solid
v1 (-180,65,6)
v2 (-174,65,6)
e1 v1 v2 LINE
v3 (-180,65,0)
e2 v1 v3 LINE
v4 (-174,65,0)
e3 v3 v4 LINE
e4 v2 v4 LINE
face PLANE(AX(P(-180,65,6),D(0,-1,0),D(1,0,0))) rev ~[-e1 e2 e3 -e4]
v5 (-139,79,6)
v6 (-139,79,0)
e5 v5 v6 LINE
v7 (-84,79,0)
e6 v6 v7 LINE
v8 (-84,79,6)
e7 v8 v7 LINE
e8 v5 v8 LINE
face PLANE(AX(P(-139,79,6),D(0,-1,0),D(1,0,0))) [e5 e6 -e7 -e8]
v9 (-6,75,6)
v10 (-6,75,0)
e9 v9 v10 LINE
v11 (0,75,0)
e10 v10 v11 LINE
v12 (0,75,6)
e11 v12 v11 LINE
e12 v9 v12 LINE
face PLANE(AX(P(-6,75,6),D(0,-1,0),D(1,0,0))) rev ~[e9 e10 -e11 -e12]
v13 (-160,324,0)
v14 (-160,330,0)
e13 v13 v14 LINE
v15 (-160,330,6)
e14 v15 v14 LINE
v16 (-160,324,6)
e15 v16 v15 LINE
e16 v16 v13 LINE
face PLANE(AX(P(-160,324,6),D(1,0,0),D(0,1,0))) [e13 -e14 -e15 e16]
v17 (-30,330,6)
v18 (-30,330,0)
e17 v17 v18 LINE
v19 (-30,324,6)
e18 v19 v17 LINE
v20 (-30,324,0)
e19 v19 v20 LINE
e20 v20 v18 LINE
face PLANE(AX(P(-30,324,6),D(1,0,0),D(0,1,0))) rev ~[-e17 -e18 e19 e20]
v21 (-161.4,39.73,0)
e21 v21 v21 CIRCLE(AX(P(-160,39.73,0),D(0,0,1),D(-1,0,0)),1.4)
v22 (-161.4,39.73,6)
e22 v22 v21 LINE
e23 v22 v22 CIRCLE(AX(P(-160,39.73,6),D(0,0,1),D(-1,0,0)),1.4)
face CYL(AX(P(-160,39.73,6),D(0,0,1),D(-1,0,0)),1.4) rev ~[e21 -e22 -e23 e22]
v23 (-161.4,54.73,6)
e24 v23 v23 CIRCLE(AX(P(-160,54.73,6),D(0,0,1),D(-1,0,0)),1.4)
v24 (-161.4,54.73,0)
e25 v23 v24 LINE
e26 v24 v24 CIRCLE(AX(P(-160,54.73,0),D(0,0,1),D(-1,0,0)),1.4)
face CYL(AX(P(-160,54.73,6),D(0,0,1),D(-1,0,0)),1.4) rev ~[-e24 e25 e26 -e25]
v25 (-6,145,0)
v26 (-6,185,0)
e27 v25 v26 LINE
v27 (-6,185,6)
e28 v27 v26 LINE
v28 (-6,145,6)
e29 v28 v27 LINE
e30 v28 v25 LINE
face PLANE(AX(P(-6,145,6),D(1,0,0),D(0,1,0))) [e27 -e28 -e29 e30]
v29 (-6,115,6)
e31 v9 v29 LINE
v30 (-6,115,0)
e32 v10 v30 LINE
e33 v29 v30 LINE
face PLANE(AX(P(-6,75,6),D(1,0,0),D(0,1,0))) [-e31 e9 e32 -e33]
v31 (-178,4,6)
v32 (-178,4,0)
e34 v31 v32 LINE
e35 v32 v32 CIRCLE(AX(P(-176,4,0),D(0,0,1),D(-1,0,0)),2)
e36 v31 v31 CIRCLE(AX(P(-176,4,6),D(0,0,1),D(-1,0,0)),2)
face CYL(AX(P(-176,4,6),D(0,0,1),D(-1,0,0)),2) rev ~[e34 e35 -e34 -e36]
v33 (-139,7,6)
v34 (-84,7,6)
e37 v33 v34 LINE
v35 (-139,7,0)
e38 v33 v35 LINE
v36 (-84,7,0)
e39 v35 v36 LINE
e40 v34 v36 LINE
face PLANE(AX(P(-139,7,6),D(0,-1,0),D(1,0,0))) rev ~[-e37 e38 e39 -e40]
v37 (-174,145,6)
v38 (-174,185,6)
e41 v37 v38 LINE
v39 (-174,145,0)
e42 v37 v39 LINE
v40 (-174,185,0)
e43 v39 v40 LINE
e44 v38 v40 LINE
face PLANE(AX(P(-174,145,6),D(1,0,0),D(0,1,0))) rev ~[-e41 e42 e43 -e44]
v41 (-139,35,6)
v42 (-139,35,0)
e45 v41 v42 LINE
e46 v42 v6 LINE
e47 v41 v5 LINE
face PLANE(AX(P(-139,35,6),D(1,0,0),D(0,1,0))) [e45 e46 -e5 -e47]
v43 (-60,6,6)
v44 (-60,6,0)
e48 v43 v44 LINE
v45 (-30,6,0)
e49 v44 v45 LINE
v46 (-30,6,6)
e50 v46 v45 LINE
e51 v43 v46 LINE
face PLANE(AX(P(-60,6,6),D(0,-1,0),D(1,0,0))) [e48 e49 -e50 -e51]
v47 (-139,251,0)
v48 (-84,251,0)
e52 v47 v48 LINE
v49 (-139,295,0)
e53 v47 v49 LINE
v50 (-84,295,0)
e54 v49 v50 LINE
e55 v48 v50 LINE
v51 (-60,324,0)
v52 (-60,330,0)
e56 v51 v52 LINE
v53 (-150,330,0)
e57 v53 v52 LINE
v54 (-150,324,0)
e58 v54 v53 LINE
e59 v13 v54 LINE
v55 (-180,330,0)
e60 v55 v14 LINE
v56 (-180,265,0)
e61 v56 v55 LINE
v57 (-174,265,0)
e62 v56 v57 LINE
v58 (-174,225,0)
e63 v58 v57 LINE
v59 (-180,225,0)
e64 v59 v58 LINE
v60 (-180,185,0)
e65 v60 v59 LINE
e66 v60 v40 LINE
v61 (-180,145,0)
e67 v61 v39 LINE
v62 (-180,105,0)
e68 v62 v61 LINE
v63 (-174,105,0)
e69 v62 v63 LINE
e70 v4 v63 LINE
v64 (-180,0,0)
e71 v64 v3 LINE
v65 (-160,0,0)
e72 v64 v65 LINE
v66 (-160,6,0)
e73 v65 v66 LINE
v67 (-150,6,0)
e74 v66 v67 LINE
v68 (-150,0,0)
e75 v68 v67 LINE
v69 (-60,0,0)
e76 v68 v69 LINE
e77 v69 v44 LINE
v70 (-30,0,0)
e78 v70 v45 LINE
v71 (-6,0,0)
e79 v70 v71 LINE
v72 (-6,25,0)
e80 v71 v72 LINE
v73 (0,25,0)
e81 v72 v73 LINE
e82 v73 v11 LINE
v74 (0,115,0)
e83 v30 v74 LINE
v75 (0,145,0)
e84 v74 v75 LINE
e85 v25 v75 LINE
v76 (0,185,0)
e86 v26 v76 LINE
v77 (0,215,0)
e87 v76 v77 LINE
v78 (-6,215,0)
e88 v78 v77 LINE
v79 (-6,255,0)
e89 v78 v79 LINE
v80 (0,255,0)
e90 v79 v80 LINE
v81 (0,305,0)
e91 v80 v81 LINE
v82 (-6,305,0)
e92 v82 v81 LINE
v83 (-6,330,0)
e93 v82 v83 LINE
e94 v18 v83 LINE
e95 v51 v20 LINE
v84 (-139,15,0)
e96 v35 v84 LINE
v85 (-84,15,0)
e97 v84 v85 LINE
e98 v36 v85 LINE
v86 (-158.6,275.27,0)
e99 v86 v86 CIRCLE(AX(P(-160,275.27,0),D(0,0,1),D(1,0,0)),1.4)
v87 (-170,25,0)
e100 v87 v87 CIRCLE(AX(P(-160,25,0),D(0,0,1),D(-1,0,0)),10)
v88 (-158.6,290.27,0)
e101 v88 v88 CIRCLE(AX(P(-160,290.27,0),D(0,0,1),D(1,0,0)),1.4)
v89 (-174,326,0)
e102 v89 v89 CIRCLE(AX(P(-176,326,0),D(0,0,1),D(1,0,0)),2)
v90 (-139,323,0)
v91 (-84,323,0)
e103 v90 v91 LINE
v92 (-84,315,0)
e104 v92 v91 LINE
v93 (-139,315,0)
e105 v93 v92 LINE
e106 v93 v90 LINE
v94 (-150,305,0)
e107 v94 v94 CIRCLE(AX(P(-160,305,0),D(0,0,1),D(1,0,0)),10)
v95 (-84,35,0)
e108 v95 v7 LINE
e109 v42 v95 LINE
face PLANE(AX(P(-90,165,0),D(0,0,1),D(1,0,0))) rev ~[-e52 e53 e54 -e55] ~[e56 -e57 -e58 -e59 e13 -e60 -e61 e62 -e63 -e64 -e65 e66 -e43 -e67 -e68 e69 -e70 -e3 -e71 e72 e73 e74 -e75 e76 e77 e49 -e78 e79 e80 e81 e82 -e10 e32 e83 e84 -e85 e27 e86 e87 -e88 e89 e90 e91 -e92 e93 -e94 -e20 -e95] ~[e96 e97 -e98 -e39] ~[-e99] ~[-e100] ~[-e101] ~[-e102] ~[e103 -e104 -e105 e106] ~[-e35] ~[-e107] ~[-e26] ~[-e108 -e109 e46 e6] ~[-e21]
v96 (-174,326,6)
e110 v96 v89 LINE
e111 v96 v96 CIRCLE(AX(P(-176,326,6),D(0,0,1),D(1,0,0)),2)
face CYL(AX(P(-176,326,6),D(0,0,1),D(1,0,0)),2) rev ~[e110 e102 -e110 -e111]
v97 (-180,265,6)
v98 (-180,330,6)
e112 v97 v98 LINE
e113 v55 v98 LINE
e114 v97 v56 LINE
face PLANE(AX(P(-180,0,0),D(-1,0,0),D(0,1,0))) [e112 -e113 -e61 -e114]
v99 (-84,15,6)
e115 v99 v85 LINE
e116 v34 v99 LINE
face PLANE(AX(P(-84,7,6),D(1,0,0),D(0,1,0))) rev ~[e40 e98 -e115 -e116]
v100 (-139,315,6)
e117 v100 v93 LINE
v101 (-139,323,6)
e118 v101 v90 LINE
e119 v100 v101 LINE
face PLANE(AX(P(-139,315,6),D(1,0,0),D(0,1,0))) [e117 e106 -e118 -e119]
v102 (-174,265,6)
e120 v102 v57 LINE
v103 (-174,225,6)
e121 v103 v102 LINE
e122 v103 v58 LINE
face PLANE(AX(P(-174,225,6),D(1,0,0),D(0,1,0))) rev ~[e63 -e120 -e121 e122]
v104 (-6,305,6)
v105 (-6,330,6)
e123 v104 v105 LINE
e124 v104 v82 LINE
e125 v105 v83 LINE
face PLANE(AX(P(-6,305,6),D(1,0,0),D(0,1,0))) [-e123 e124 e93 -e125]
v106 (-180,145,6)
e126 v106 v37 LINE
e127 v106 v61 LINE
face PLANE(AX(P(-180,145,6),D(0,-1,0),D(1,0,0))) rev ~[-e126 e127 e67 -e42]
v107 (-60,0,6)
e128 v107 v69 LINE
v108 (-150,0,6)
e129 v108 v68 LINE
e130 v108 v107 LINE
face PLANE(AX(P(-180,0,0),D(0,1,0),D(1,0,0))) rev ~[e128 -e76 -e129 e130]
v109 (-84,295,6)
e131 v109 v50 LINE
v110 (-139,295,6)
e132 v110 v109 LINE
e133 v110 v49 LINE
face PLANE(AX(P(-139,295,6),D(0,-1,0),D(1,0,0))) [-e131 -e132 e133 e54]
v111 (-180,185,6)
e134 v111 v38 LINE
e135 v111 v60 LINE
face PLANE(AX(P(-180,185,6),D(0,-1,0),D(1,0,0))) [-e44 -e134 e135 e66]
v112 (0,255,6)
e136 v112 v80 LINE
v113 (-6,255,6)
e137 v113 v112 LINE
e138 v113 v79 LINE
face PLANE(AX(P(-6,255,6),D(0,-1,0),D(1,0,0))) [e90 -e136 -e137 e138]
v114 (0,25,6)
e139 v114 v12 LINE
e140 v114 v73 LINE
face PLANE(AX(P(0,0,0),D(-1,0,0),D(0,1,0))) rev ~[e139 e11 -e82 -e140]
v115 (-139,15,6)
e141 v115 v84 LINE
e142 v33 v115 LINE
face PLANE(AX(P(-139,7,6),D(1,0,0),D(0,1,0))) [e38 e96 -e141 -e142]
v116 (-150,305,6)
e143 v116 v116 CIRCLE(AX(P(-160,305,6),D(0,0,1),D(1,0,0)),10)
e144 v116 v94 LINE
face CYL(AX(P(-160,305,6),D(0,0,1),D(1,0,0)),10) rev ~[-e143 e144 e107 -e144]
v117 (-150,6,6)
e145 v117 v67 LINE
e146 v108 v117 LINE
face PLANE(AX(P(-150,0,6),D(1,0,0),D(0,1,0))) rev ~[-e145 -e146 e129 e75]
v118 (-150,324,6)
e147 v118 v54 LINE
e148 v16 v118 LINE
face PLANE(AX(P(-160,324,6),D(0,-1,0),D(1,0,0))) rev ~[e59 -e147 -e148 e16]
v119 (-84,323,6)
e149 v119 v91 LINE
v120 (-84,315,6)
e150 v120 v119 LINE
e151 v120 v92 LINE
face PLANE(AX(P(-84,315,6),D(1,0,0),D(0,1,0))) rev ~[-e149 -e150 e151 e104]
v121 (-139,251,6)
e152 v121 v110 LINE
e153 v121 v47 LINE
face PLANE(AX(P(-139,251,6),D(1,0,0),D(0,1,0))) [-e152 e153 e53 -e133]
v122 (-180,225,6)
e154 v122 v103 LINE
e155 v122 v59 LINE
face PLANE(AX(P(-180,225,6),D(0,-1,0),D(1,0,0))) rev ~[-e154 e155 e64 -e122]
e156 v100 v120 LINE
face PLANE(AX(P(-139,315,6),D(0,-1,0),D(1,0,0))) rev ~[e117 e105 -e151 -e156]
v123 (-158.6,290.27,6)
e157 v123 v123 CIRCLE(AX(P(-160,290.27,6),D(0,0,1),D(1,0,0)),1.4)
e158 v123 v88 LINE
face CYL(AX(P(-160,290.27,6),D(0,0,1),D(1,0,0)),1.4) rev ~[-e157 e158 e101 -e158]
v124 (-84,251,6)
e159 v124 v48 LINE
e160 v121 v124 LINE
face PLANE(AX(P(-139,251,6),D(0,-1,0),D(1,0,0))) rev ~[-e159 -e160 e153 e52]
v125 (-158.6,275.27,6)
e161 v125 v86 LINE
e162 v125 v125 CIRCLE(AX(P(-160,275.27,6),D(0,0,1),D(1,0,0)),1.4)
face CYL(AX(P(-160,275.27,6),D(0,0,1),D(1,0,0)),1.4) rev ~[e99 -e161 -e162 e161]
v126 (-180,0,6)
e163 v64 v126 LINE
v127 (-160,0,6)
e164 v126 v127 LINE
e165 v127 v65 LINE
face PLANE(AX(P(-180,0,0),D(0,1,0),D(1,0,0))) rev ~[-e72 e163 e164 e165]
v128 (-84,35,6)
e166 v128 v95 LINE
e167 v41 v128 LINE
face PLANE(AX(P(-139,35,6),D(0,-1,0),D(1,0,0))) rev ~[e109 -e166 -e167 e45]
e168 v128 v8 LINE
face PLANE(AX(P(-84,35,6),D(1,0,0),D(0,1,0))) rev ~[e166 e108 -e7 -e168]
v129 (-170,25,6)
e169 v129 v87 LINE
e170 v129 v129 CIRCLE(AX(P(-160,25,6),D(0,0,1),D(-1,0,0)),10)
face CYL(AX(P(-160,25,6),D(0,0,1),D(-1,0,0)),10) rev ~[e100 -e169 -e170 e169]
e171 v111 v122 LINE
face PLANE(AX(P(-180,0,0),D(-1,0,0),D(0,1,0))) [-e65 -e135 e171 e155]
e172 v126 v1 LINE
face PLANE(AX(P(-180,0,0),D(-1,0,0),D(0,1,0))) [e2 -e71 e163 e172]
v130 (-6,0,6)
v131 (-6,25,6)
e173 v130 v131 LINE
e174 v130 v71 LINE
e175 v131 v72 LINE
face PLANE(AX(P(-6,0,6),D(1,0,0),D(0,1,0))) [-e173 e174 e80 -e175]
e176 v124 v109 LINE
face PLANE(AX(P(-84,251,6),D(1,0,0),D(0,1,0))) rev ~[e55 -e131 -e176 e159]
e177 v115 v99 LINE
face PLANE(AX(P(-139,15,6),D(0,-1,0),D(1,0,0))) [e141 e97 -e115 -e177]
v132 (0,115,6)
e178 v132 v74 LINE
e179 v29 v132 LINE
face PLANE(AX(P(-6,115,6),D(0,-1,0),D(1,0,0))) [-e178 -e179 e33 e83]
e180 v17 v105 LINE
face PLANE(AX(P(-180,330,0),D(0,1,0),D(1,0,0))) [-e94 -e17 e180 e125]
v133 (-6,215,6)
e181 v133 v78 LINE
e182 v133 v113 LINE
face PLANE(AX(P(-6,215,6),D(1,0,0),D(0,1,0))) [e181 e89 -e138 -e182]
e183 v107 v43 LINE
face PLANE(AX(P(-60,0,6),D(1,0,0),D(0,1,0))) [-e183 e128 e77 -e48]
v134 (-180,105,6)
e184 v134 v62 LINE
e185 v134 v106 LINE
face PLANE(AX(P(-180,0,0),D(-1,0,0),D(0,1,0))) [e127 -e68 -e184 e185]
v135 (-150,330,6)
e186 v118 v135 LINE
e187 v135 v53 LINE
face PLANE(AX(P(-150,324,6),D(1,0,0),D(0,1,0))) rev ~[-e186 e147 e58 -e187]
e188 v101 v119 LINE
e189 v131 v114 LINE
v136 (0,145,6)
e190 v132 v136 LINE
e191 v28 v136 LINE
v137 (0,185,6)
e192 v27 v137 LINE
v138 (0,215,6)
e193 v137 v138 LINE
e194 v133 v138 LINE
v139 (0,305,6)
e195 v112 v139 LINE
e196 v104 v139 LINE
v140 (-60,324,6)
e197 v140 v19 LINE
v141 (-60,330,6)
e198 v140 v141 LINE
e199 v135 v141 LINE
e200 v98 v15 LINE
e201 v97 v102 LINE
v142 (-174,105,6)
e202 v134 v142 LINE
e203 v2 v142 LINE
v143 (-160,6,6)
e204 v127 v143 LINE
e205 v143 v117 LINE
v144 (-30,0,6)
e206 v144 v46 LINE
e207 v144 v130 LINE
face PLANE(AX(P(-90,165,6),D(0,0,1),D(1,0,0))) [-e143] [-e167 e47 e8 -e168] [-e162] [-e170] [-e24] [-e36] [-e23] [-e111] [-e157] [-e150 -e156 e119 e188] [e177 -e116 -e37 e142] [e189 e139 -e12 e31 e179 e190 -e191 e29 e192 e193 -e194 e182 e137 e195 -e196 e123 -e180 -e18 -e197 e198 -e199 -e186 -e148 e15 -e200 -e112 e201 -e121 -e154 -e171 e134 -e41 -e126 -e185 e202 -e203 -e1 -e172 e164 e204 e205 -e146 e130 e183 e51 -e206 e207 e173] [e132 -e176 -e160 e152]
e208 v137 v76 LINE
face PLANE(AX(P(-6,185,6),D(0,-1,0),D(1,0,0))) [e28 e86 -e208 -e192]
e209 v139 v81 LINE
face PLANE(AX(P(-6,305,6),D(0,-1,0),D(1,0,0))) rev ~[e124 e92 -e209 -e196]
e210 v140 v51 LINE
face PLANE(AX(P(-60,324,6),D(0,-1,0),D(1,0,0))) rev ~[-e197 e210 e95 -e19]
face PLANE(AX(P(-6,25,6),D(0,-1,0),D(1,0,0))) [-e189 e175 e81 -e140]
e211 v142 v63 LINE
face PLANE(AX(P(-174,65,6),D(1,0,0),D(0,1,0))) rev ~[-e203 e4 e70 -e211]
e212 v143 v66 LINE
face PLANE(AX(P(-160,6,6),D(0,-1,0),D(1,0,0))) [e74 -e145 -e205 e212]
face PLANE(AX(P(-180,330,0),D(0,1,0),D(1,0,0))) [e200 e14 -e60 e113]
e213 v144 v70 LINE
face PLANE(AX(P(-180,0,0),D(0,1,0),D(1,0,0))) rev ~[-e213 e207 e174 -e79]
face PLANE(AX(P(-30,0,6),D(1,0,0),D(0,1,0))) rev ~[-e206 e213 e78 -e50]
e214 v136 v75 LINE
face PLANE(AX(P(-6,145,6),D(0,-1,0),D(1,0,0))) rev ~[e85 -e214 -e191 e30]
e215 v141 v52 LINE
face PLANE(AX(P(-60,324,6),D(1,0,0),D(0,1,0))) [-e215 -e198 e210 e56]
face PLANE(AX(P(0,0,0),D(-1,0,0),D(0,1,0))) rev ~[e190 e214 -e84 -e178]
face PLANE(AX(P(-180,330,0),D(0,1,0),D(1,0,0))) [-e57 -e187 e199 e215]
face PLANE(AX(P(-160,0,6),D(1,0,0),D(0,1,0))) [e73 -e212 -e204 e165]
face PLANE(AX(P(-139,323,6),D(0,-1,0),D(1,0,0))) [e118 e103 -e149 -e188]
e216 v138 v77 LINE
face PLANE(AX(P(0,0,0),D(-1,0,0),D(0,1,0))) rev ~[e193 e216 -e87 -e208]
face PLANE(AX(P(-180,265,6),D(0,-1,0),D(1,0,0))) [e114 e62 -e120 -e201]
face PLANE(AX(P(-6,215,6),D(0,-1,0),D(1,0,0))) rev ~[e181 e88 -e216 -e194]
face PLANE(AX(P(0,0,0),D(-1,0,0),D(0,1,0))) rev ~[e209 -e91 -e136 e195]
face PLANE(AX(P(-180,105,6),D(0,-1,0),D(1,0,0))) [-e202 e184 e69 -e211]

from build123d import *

# Parameters (mm, degrees)
ESQUISSE1_W                       = 180
ESQUISSE1_H                       = 330
BOSS_EXTRU_1_DEPTH                = 6
ESQUISSE2_R                       = 2
ESQUISSE2_R_2                     = 10
ESQUISSE2_R_3                     = 1.4
ESQUISSE2_W                       = 55
ESQUISSE2_H                       = 8
ESQUISSE2_H_2                     = 44
ENL_V_MAT_BLOC_MOTEUR_BILLE_DEPTH = 376.946804748
ESQUISSE3_W                       = 6
ESQUISSE3_H                       = 25
ESQUISSE3_W_2                     = 10
ESQUISSE3_H_2                     = 6
ESQUISSE3_W_3                     = 30
ESQUISSE3_H_3                     = 40
ENL_V_MAT_ENCOCHE_DEPTH           = 376.946804748


with BuildPart() as part:
    # Esquisse1 → Boss.-Extru.1 (new body)
    with BuildSketch(Plane.XY):
        with Locations((-90, 165)):
            Rectangle(ESQUISSE1_W, ESQUISSE1_H)
    extrude(amount=BOSS_EXTRU_1_DEPTH)

    # Esquisse2 → Enlèv. mat bloc moteur + bille (cut, through all)
    with BuildSketch(Plane.XY.offset(6)):
        with Locations((-176, 326)):
            Circle(ESQUISSE2_R)
        with Locations((-160, 305)):
            Circle(ESQUISSE2_R_2)
        with Locations((-160, 290.27)):
            Circle(ESQUISSE2_R_3)
        with Locations((-160, 275.27)):
            Circle(ESQUISSE2_R_3)
        with Locations(Location((-160, 54.73, 0), (0, 0, 180))):
            Circle(ESQUISSE2_R_3)
        with Locations(Location((-160, 39.73, 0), (0, 0, 180))):
            Circle(ESQUISSE2_R_3)
        with Locations(Location((-160, 25, 0), (0, 0, 180))):
            Circle(ESQUISSE2_R_2)
        with Locations(Location((-176, 4, 0), (0, 0, 180))):
            Circle(ESQUISSE2_R)
        with Locations((-111.5, 319)):
            Rectangle(ESQUISSE2_W, ESQUISSE2_H)
        with Locations((-111.5, 273)):
            Rectangle(ESQUISSE2_W, ESQUISSE2_H_2)
        with Locations((-111.5, 11)):
            Rectangle(ESQUISSE2_W, ESQUISSE2_H)
        with Locations((-111.5, 57)):
            Rectangle(ESQUISSE2_W, ESQUISSE2_H_2)
    extrude(amount=-ENL_V_MAT_BLOC_MOTEUR_BILLE_DEPTH, mode=Mode.SUBTRACT)

    # Esquisse3 → Enlèv. mat encoche (cut, through all)
    with BuildSketch(Plane.XY.offset(6)):
        with Locations((-3, 317.5)):
            Rectangle(ESQUISSE3_W, ESQUISSE3_H)
        with Locations((-155, 3)):
            Rectangle(ESQUISSE3_W_2, ESQUISSE3_H_2)
        with Locations((-45, 3)):
            Rectangle(ESQUISSE3_W_3, ESQUISSE3_H_2)
        with Locations((-177, 165)):
            Rectangle(ESQUISSE3_W, ESQUISSE3_H_3)
        with Locations((-177, 85)):
            Rectangle(ESQUISSE3_W, ESQUISSE3_H_3)
        with Locations((-155, 327)):
            Rectangle(ESQUISSE3_W_2, ESQUISSE3_H_2)
        with Locations((-45, 327)):
            Rectangle(ESQUISSE3_W_3, ESQUISSE3_H_2)
        with Locations((-177, 245)):
            Rectangle(ESQUISSE3_W, ESQUISSE3_H_3)
        with Locations((-3, 235)):
            Rectangle(ESQUISSE3_W, ESQUISSE3_H_3)
        with Locations((-3, 165)):
            Rectangle(ESQUISSE3_W, ESQUISSE3_H_3)
        with Locations((-3, 95)):
            Rectangle(ESQUISSE3_W, ESQUISSE3_H_3)
        with Locations((-3, 12.5)):
            Rectangle(ESQUISSE3_W, ESQUISSE3_H)
    extrude(amount=-ENL_V_MAT_ENCOCHE_DEPTH, mode=Mode.SUBTRACT)


solid = part.part
